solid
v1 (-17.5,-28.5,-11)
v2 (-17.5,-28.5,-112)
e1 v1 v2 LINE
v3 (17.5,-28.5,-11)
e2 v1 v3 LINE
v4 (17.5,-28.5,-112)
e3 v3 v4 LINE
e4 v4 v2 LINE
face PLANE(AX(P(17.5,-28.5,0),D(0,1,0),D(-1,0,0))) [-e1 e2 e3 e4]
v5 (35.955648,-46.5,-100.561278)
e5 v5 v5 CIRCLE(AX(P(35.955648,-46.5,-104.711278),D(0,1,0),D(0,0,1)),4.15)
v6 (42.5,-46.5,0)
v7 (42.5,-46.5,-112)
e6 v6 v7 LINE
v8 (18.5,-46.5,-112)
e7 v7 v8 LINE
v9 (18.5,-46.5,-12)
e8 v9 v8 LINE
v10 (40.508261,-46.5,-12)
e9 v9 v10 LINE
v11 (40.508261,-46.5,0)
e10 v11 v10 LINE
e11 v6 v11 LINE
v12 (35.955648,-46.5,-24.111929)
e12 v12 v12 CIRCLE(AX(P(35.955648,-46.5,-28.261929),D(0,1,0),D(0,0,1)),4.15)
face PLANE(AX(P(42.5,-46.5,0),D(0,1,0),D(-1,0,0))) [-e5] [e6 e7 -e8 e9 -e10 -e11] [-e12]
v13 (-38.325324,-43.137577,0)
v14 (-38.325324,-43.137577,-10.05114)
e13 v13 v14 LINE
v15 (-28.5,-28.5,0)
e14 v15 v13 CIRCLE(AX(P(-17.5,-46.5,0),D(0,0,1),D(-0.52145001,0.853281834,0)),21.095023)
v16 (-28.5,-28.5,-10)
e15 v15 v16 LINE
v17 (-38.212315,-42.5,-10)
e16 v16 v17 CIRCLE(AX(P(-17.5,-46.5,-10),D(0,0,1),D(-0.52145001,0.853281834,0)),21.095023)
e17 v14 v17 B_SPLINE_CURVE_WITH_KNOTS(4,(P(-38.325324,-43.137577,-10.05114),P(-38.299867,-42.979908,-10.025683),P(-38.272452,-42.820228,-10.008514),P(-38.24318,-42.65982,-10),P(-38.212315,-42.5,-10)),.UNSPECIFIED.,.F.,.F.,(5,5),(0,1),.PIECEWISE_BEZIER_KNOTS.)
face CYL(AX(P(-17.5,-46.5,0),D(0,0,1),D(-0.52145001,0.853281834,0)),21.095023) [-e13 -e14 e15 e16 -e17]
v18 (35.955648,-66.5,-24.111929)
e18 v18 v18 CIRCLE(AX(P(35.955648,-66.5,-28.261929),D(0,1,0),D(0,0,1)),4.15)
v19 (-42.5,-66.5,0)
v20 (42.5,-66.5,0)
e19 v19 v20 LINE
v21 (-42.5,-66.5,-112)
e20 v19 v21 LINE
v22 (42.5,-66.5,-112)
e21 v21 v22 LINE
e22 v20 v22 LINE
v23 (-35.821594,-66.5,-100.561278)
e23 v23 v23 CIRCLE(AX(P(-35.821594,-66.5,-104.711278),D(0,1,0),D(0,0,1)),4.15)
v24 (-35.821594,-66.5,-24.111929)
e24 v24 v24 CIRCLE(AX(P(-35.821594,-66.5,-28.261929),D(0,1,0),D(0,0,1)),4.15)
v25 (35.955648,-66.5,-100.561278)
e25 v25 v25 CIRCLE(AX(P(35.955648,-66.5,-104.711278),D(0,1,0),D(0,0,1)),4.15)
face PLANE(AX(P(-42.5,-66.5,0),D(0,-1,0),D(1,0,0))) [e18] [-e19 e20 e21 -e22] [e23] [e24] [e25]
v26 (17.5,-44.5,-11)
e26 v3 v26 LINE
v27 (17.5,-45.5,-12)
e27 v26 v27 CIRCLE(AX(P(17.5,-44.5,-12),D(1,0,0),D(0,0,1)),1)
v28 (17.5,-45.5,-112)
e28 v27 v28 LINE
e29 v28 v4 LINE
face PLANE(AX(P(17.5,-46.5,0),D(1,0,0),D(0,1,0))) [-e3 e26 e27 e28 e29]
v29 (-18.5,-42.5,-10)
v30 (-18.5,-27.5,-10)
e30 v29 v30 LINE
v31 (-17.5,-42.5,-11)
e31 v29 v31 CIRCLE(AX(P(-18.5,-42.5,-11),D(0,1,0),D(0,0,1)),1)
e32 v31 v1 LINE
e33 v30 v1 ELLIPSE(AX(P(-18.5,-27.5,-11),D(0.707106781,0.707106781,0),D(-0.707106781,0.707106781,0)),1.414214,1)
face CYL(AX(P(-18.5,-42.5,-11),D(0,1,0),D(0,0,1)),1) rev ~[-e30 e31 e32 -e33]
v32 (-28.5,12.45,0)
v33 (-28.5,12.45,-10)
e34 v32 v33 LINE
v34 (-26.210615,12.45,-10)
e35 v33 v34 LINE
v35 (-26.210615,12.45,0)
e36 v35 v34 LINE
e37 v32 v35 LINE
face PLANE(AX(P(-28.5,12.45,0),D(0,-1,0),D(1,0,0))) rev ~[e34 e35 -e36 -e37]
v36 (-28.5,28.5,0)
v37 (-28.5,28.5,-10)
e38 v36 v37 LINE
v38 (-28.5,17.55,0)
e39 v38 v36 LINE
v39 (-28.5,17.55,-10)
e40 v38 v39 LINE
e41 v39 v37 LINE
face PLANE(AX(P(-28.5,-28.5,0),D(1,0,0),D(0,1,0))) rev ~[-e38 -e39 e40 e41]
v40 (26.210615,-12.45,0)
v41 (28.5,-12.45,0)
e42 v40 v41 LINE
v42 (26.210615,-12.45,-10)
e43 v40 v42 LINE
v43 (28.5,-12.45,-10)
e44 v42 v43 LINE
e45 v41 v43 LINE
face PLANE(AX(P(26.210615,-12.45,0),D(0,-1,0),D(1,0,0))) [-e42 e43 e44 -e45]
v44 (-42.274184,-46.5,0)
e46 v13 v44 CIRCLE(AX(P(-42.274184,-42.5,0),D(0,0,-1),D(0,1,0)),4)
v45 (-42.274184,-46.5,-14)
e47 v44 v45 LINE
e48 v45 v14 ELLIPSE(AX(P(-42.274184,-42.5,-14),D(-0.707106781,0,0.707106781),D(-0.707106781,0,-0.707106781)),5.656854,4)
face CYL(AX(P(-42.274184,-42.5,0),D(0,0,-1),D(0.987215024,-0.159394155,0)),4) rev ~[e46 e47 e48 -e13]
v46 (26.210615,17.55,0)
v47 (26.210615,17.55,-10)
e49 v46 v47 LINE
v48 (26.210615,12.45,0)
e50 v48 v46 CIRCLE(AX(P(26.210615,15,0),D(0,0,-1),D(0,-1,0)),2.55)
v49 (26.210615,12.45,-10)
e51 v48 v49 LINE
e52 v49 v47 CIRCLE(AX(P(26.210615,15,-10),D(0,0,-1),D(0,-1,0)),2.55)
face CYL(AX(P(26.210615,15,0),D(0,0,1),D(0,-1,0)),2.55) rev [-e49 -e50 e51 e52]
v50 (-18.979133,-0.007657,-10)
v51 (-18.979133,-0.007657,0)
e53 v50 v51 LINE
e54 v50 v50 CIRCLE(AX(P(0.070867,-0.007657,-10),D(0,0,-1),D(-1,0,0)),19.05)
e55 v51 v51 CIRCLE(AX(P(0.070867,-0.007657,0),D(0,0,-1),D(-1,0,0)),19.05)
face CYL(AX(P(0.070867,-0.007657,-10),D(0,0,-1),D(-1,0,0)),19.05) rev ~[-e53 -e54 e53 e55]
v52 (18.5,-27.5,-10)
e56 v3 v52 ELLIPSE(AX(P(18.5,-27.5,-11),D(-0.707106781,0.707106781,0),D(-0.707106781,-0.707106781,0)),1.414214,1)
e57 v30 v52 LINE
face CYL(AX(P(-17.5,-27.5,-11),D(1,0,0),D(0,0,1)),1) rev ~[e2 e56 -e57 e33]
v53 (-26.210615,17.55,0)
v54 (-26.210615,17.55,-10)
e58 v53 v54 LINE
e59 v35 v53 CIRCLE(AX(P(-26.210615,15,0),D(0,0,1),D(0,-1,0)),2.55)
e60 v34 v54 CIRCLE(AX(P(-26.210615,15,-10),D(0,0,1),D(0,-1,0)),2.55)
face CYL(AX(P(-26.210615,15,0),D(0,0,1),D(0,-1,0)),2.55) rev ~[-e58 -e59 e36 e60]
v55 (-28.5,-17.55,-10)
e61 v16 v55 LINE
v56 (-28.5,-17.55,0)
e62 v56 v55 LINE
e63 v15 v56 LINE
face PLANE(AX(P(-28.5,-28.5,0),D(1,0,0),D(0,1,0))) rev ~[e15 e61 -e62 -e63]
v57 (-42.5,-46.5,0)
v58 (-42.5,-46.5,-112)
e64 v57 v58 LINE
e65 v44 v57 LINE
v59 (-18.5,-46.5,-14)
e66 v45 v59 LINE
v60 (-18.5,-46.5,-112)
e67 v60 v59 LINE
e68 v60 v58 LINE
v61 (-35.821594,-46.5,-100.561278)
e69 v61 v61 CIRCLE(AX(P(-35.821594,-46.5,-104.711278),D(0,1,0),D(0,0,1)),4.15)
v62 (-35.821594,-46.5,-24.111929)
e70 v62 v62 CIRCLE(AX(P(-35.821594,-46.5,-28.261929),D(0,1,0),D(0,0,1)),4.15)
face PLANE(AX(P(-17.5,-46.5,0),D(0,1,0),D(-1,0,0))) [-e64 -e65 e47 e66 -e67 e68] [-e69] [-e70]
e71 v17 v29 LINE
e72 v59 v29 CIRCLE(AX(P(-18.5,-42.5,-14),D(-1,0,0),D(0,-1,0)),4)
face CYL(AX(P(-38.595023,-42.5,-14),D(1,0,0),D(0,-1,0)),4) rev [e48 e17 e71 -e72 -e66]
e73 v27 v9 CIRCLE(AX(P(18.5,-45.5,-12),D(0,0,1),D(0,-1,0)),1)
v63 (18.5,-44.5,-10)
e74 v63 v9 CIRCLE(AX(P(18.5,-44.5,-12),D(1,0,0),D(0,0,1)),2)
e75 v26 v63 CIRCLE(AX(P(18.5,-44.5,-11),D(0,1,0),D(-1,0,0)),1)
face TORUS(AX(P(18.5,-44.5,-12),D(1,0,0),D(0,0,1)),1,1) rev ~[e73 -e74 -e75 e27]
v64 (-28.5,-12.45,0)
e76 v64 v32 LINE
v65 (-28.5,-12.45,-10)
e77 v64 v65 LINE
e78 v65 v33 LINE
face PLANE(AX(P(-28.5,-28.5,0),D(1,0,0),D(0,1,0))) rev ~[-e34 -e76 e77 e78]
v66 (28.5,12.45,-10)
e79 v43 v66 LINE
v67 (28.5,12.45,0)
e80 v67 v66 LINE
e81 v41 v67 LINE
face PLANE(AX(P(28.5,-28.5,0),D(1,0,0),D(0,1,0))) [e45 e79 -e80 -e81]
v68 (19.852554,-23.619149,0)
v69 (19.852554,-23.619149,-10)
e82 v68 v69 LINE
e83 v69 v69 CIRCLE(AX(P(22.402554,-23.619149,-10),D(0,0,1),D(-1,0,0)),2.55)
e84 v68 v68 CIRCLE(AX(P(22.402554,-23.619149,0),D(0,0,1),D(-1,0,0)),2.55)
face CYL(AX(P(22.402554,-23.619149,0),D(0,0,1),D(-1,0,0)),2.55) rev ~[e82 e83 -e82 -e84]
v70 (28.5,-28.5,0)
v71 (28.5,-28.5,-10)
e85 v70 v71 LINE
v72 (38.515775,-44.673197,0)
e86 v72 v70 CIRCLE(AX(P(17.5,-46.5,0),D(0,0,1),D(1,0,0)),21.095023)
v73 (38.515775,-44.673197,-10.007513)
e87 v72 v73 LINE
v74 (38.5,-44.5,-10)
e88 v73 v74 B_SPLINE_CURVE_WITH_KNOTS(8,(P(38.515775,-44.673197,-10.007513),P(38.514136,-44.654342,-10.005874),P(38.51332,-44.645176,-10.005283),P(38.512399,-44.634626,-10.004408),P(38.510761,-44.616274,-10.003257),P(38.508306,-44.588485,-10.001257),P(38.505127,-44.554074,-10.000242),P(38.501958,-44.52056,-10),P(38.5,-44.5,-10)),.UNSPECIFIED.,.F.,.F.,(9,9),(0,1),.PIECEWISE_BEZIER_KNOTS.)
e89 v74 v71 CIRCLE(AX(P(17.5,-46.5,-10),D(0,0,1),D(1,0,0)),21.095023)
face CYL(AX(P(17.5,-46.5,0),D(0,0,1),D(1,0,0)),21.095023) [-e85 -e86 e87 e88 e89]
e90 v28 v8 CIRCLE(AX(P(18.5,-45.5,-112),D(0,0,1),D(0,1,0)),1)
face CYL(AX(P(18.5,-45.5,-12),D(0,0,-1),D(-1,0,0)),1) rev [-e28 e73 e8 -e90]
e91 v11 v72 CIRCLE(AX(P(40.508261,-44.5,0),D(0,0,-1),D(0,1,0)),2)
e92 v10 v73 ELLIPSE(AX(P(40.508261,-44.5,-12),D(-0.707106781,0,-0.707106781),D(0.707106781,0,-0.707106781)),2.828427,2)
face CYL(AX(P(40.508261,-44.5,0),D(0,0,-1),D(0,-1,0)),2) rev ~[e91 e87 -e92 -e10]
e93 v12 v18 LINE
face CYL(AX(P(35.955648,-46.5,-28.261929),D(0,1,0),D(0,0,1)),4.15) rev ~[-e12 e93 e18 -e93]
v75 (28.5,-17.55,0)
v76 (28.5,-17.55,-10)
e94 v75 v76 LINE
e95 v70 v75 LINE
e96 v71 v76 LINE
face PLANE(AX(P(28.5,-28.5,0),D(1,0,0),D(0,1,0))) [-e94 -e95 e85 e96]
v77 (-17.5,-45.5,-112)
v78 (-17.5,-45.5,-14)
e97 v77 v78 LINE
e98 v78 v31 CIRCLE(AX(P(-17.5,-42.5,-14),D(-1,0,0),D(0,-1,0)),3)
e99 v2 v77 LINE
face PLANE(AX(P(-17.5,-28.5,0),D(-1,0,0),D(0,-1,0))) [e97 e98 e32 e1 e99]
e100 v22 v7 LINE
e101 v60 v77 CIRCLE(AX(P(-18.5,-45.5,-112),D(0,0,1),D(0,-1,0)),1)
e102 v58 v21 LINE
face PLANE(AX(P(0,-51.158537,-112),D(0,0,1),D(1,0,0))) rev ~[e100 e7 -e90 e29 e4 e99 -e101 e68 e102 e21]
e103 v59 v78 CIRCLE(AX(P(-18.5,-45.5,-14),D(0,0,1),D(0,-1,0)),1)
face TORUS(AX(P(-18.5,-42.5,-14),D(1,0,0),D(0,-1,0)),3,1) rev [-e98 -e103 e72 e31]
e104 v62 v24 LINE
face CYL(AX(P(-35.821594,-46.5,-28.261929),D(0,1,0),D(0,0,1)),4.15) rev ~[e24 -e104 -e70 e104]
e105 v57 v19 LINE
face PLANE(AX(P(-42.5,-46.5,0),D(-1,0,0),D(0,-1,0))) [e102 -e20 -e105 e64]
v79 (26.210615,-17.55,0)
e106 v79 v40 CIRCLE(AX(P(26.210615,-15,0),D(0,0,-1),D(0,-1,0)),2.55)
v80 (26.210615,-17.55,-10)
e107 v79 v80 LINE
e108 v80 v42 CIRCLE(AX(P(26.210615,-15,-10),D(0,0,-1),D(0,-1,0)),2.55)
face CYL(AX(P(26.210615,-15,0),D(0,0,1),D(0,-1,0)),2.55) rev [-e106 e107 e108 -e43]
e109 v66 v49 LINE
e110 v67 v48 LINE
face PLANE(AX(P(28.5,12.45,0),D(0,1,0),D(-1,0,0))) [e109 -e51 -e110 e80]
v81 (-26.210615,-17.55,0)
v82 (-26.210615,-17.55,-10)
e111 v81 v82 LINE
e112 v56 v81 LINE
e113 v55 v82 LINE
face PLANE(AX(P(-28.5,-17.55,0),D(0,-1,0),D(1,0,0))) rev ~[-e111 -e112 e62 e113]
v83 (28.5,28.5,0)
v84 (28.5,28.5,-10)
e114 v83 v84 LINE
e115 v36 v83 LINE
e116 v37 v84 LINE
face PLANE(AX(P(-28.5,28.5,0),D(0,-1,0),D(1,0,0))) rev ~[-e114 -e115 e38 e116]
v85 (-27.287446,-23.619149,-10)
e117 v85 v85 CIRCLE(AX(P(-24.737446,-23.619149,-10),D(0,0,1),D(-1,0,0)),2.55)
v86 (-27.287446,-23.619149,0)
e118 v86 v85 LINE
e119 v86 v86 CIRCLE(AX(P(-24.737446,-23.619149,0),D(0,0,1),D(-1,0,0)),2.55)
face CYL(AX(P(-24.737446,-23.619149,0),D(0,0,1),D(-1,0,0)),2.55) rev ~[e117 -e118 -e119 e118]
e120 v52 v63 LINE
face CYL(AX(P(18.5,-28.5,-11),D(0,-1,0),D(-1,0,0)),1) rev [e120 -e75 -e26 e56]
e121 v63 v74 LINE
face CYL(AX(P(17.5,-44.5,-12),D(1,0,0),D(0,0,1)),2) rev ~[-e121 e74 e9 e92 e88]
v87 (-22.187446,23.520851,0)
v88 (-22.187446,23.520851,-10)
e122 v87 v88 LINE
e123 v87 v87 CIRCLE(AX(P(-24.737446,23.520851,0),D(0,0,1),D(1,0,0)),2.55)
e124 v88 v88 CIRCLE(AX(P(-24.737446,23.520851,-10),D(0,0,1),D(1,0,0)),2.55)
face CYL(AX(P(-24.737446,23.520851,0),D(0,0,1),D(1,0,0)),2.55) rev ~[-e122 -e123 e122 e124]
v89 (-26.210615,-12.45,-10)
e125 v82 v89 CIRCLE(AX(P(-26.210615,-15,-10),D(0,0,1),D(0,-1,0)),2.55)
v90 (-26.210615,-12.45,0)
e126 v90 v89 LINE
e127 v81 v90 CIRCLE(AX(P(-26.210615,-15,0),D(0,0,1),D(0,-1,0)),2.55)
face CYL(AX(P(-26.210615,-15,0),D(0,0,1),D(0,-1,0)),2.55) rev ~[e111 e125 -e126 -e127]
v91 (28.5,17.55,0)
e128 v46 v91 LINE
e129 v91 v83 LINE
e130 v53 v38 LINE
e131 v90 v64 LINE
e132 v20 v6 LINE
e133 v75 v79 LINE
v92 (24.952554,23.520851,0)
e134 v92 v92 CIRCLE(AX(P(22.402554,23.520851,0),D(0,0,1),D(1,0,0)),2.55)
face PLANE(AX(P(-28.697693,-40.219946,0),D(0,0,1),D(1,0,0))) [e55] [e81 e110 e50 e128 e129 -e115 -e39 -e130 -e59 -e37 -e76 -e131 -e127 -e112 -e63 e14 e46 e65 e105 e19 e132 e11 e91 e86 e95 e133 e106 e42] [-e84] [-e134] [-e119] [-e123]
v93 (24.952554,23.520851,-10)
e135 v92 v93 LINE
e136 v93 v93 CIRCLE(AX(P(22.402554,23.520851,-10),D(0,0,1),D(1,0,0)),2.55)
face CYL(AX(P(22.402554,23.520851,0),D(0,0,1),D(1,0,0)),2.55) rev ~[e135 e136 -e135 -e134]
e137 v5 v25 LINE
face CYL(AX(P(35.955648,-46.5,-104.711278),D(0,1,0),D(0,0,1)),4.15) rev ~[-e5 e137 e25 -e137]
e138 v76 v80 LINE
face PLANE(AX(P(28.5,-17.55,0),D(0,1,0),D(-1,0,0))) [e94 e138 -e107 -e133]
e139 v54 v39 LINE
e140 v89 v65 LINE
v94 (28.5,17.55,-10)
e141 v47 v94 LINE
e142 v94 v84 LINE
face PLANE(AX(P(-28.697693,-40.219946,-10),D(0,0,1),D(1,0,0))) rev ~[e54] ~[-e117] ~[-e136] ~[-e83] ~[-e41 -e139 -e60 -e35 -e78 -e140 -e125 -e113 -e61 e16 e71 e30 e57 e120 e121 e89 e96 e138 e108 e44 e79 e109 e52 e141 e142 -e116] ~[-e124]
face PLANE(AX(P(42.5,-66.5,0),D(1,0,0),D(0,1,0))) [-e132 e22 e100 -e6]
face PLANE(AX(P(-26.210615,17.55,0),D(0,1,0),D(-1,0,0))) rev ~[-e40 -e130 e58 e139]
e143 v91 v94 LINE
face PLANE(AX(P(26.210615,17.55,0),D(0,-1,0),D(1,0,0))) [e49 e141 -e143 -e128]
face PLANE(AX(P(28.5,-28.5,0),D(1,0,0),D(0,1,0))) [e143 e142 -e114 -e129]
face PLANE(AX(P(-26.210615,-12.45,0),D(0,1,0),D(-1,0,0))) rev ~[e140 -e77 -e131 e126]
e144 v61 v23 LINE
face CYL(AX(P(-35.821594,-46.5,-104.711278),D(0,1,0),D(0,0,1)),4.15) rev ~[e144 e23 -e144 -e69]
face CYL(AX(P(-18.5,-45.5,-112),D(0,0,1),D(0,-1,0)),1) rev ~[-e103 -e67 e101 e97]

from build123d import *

# Parameters (mm, degrees)
SKETCH3_W           = 57
SKETCH3_H           = 57
BOSS_EXTRUDE1_DEPTH = 10
SKETCH3_3_R         = 2.55
CUT_EXTRUDE1_DEPTH  = 10
BOSS_EXTRUDE2_DEPTH = 112
SKETCH4_R           = 19.05
CUT_EXTRUDE2_DEPTH  = 129.967050055
SKETCH5_R           = 4.15
CUT_EXTRUDE5_DEPTH  = 142.333824685
BOSS_EXTRUDE3_DEPTH = 10
FILLET2_R           = 4
FILLET3_R           = 2
FILLET4_R           = 1


with BuildPart() as part:
    # Sketch3 → Boss-Extrude1 (new body)
    with BuildSketch(Plane.XY):
        Rectangle(SKETCH3_W, SKETCH3_H)
    extrude(amount=-BOSS_EXTRUDE1_DEPTH)

    # Sketch3<3> → Cut-Extrude1 (cut)
    with BuildSketch(Plane.XY):
        with Locations((-24.737446492, 23.520851333)):
            Circle(SKETCH3_3_R)
        with Locations((22.402553508, 23.520851333)):
            Circle(SKETCH3_3_R)
        with Locations((22.402553508, -23.619148667)):
            Circle(SKETCH3_3_R)
        with Locations((-24.737446492, -23.619148667)):
            Circle(SKETCH3_3_R)
        with BuildLine():
            Line((26.210614643, 17.55), (28.5, 17.55))
            Line((28.5, 17.55), (28.5, 12.45))
            Line((28.5, 12.45), (26.210614643, 12.45))
            ThreePointArc((26.210614643, 12.45), (23.660614643, 15), (26.210614643, 17.55))
        make_face()
        with BuildLine():
            Line((26.210614643, -12.45), (28.5, -12.45))
            Line((28.5, -12.45), (28.5, -17.55))
            Line((28.5, -17.55), (26.210614643, -17.55))
            ThreePointArc((26.210614643, -17.55), (23.660614643, -15), (26.210614643, -12.45))
        make_face()
        with BuildLine():
            Line((-26.210614643, -12.45), (-28.5, -12.45))
            Line((-28.5, -12.45), (-28.5, -17.55))
            Line((-28.5, -17.55), (-26.210614643, -17.55))
            ThreePointArc((-26.210614643, -17.55), (-23.660614643, -15), (-26.210614643, -12.45))
        make_face()
        with BuildLine():
            Line((-26.210614643, 17.55), (-28.5, 17.55))
            Line((-28.5, 17.55), (-28.5, 12.45))
            Line((-28.5, 12.45), (-26.210614643, 12.45))
            ThreePointArc((-26.210614643, 12.45), (-23.660614643, 15), (-26.210614643, 17.55))
        make_face()
    extrude(amount=-CUT_EXTRUDE1_DEPTH, mode=Mode.SUBTRACT)

    # Sketch3<4> → Boss-Extrude2 (add)
    with BuildSketch(Plane.XY):
        Polygon((17.5, -46.5), (17.5, -28.5), (-17.5, -28.5), (-17.5, -46.5), (-42.5, -46.5), (-42.5, -66.5), (42.5, -66.5), (42.5, -46.5), align=None)
    extrude(amount=-BOSS_EXTRUDE2_DEPTH)

    # Sketch4 → Cut-Extrude2 (cut, through all)
    with BuildSketch(Plane(origin=(0, 0, -10), x_dir=(-1, 0, 0), z_dir=(0, 0, -1))):
        with Locations((-0.070866951, -0.007657079)):
            Circle(SKETCH4_R)
    extrude(amount=-CUT_EXTRUDE2_DEPTH, mode=Mode.SUBTRACT)

    # Sketch5 → Cut-Extrude5 (cut, through all)
    with BuildSketch(Plane(origin=(0, -46.5, 0), x_dir=(1, 0, 0), z_dir=(0, 1, 0))):
        with Locations((35.955648409, 104.71127815)):
            Circle(SKETCH5_R)
        with Locations((35.955648409, 28.261929333)):
            Circle(SKETCH5_R)
        with Locations((-35.821593513, 28.261929333)):
            Circle(SKETCH5_R)
        with Locations((-35.821593513, 104.71127815)):
            Circle(SKETCH5_R)
    extrude(amount=-CUT_EXTRUDE5_DEPTH, mode=Mode.SUBTRACT)

    # Sketch6 → Boss-Extrude3 (add)
    with BuildSketch(Plane.XY):
        with BuildLine():
            Line((-17.5, -28.5), (-28.5, -28.5))
            ThreePointArc((-28.5, -28.5), (-35.898984404, -36.181212625), (-38.59502311, -46.5))
            Line((-38.59502311, -46.5), (-17.5, -46.5))
            Line((-17.5, -46.5), (-17.5, -28.5))
        make_face()
        with BuildLine():
            Line((17.5, -28.5), (17.5, -46.5))
            Line((17.5, -46.5), (38.59502311, -46.5))
            ThreePointArc((38.59502311, -46.5), (35.898984404, -36.181212625), (28.5, -28.5))
            Line((28.5, -28.5), (17.5, -28.5))
        make_face()
    extrude(amount=-BOSS_EXTRUDE3_DEPTH)

    # Fillet2
    fillet2_edges = [part.edges().sort_by_distance(p)[0] for p in [
        (-28.047511555, -46.5, -10),
        (-38.59502311, -46.5, -5),
    ]]
    fillet(fillet2_edges, radius=FILLET2_R)

    # Fillet3
    fillet3_edges = [part.edges().sort_by_distance(p)[0] for p in [
        (38.59502311, -46.5, -5),
        (28.047511555, -46.5, -10),
    ]]
    fillet(fillet3_edges, radius=FILLET3_R)

    # Fillet4
    fillet4_edges = [part.edges().sort_by_distance(p)[0] for p in [
        (-17.5, -35.5, -10),
        (17.5, -36.5, -10),
        (0, -28.5, -10),
    ]]
    fillet(fillet4_edges, radius=FILLET4_R)


solid = part.part
